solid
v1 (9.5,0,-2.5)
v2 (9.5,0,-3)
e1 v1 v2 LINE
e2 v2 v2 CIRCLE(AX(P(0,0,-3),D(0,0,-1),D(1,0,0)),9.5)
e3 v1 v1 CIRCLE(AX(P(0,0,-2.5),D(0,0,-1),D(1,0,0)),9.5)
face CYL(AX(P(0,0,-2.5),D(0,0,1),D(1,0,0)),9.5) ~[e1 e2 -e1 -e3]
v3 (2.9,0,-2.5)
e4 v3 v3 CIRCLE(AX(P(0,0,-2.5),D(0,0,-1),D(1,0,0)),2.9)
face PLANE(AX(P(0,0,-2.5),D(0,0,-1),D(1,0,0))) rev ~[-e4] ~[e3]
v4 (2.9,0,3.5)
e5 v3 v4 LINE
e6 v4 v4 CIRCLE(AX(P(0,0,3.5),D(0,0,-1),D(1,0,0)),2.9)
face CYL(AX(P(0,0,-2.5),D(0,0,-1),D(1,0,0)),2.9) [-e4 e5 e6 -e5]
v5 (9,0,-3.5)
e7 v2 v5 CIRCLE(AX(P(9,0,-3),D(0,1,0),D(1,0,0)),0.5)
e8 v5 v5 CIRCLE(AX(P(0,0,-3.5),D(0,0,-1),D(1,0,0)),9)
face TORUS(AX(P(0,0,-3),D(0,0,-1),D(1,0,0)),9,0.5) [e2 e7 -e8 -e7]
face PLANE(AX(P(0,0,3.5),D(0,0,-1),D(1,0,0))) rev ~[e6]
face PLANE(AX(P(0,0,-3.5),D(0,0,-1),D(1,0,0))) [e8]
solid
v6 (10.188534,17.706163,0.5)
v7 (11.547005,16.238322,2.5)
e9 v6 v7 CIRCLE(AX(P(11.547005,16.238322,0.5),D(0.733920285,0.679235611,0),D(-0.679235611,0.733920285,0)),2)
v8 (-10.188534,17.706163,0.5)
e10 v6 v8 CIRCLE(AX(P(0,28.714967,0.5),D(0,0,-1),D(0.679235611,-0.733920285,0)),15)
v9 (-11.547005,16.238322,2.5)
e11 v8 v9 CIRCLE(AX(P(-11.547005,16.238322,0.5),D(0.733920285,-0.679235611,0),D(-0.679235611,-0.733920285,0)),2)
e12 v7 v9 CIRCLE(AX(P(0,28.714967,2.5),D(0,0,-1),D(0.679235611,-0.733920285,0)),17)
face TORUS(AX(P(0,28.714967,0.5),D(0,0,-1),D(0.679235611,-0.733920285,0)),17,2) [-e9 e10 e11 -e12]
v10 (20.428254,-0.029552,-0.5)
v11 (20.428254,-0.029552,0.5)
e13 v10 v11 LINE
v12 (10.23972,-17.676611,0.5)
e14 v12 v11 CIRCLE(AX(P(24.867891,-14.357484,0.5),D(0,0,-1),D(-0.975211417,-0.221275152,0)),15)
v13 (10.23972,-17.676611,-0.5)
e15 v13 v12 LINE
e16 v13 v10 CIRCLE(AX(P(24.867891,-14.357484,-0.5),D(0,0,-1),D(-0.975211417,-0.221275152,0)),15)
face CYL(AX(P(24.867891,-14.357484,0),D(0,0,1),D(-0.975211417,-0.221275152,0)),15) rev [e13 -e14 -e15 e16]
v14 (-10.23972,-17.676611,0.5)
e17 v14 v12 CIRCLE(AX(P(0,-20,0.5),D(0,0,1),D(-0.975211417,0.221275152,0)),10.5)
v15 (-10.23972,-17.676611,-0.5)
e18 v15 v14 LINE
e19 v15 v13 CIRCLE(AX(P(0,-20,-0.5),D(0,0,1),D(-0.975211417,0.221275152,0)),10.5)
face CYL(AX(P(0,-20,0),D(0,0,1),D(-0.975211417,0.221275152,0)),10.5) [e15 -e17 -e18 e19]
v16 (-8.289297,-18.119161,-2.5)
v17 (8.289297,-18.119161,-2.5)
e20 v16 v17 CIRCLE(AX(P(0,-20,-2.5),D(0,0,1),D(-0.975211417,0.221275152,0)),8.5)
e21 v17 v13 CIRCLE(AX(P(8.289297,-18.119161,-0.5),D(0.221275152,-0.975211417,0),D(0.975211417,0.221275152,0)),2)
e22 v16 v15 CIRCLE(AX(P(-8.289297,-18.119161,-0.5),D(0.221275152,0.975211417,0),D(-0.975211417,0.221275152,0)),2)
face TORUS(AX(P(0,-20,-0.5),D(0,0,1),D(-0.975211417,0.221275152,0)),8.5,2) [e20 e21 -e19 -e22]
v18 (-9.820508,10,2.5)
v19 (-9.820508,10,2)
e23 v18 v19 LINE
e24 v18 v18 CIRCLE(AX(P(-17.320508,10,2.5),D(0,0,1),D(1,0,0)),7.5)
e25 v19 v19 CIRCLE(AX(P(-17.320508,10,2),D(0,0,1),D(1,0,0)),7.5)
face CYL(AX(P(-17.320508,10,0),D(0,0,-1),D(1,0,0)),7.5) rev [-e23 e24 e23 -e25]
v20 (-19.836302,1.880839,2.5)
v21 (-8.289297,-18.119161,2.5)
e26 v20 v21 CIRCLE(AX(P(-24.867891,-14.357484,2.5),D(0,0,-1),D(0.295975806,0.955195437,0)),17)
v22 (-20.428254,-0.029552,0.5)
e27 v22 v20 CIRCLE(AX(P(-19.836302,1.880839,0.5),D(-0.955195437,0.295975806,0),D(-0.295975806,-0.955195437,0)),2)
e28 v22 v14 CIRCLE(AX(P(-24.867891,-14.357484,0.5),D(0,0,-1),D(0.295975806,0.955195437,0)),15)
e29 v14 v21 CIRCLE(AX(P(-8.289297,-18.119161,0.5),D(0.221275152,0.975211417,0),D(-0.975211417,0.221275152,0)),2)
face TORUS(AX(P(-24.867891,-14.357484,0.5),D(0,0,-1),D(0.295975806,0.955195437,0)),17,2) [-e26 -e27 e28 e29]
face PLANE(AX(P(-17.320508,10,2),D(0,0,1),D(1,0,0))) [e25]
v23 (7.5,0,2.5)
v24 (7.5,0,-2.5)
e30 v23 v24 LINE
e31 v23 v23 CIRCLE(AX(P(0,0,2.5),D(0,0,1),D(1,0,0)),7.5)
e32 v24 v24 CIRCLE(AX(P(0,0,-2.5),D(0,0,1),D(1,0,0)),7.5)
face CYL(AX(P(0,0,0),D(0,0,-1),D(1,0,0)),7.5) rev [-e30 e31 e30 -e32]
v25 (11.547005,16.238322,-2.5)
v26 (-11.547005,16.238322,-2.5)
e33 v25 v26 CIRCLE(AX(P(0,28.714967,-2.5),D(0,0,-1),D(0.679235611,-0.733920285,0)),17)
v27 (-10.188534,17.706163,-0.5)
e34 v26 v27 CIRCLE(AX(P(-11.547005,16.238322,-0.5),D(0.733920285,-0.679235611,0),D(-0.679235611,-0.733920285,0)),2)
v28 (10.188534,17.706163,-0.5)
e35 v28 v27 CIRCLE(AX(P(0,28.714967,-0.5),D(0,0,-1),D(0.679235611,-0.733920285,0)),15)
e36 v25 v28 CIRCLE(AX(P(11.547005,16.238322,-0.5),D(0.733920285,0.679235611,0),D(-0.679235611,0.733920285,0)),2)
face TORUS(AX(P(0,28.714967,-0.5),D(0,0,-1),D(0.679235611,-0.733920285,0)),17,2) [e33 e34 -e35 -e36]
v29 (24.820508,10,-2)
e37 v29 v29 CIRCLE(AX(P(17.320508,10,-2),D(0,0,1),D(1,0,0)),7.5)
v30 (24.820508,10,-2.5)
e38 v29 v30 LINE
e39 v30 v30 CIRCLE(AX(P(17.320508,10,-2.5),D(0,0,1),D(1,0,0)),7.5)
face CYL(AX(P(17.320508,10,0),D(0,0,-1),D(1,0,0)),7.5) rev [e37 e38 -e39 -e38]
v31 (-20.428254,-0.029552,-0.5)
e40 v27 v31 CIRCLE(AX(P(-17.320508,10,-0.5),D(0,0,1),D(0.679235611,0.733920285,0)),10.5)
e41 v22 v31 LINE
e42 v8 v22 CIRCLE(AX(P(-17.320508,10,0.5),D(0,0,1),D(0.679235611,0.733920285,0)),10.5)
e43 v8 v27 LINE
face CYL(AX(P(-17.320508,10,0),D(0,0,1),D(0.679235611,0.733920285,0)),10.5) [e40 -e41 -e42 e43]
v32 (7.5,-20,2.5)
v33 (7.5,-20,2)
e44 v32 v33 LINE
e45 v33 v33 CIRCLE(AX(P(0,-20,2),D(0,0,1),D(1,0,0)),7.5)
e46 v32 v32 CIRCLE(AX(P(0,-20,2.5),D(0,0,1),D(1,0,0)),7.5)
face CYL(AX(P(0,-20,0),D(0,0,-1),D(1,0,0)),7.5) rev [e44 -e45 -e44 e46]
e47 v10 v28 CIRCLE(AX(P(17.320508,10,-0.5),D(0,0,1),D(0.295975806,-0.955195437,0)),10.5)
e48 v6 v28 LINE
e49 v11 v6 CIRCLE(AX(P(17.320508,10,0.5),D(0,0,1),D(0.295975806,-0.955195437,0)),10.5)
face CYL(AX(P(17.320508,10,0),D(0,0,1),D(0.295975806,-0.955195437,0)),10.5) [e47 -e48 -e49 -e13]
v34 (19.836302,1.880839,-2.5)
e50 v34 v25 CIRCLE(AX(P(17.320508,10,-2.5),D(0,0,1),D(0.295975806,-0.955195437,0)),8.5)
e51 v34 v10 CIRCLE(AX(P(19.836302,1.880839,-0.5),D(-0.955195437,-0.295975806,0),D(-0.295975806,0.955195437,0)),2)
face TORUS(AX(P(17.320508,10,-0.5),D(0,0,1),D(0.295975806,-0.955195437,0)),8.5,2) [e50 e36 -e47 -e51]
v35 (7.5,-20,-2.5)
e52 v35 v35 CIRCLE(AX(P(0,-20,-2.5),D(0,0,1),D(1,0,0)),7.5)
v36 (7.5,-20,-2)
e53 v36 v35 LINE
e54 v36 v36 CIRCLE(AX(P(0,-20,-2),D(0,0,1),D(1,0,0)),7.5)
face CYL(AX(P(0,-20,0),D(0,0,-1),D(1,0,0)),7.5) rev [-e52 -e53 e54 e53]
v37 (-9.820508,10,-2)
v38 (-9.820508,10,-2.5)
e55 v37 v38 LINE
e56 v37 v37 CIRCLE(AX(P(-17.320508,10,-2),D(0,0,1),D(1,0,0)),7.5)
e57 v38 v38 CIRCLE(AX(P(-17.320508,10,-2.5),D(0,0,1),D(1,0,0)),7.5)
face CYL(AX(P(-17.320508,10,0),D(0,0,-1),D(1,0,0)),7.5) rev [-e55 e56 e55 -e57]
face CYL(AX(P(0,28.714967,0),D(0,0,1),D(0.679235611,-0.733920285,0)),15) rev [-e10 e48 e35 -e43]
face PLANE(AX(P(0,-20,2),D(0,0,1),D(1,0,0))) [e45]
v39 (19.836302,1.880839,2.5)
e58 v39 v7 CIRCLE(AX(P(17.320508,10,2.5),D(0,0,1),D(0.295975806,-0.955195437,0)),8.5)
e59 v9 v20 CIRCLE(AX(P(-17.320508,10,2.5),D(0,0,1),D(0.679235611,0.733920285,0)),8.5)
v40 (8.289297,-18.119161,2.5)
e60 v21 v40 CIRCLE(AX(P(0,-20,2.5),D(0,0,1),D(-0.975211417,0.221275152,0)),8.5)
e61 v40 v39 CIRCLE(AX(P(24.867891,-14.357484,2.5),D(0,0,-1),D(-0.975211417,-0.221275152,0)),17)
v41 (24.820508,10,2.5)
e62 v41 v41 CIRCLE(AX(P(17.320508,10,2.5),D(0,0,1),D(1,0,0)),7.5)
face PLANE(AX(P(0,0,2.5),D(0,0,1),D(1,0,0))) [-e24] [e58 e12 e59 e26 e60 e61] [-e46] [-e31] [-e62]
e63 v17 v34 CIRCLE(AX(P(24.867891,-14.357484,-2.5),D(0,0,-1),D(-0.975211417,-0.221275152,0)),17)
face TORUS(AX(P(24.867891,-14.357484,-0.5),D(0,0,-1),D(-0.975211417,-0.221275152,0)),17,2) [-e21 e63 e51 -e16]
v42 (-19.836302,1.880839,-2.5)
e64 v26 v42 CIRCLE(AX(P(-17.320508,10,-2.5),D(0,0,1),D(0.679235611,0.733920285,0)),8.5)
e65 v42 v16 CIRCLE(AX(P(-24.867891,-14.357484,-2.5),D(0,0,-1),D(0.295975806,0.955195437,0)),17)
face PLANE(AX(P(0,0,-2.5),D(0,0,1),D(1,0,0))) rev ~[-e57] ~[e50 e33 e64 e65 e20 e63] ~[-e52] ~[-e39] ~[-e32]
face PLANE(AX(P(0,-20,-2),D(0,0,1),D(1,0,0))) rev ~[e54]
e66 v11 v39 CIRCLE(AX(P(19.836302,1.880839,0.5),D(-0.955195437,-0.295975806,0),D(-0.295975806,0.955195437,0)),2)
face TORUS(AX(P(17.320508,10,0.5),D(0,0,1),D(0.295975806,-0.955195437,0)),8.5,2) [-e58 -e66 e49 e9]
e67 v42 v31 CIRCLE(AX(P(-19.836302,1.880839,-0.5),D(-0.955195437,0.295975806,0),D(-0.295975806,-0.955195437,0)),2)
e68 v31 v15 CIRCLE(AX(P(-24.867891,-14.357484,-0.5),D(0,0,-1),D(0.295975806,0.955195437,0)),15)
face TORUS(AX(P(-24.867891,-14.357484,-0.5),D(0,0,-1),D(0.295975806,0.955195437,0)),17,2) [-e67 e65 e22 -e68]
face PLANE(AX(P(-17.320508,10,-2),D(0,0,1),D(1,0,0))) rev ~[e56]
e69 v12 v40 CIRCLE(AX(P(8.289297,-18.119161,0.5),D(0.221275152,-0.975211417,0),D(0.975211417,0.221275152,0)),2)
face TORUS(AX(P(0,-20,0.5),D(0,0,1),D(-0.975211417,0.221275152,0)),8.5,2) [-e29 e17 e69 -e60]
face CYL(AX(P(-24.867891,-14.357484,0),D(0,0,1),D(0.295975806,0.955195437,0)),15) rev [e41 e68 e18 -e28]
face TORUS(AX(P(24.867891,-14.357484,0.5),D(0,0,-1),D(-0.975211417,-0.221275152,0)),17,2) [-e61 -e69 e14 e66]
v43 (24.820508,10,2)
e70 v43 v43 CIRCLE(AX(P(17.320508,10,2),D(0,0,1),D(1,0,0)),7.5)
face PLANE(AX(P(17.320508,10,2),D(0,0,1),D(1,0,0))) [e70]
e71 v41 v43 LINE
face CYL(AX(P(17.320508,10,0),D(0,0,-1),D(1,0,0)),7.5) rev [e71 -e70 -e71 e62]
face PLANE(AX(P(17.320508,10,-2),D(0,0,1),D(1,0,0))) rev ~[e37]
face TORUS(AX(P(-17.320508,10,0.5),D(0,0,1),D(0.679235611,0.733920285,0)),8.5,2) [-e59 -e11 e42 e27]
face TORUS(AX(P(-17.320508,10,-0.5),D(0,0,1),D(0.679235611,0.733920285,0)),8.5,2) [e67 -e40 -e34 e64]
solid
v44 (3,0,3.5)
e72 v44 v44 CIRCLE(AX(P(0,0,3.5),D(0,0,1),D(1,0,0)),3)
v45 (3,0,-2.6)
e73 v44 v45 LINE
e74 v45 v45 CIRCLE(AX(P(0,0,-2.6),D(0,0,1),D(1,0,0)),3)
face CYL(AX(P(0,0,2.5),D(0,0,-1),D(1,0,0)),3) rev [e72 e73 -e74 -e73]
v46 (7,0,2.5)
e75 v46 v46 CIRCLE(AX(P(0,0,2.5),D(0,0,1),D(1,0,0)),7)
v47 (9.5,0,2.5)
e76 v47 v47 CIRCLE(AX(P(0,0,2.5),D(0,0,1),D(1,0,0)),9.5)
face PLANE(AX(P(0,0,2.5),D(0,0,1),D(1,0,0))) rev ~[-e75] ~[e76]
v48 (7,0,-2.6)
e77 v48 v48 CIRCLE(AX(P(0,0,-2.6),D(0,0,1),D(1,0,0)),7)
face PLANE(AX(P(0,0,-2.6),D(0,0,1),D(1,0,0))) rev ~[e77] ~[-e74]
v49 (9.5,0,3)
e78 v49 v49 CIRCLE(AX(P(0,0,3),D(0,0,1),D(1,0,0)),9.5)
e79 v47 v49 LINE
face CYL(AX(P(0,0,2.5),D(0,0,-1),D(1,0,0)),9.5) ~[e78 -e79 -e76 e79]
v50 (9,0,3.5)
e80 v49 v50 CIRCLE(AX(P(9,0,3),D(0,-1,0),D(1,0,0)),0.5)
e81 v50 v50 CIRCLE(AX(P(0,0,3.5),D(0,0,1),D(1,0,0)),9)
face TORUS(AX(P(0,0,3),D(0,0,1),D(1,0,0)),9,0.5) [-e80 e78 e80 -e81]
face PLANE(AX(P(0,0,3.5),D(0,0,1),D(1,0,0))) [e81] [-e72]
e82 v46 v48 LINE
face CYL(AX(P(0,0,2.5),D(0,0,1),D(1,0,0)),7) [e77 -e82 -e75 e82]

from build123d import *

# Parameters (mm, degrees)
F0_R     = 7.5
F1_DEPTH = 2.5
F2_DEPTH = 2
F3_R     = 7
F3_R_2   = 3
F4_DEPTH = 5.1
F3_R_3   = 9.5
F3_R_4   = 7.5
F5_DEPTH = 1
F6_R     = 2.9
F7_DEPTH = 6
F6_R_2   = 9.5
F8_DEPTH = 1
F9_R     = 2
F10_R    = 0.5
F10_2_R  = 0.5


with BuildPart() as f1:
    # F0 (on Top) → F1 (new body, symmetric)
    with BuildSketch(Plane.XY):
        with BuildLine():
            ThreePointArc((-20.4282540378, -0.0295520855), (-11.8775100698, -6.8574836361), (-10.2397198756, -17.676610909))
            ThreePointArc((-10.2397198756, -17.676610909), (0, -30.5), (10.2397198756, -17.676610909))
            ThreePointArc((10.2397198756, -17.676610909), (11.8775100698, -6.8574836361), (20.4282540378, -0.0295520855))
            ThreePointArc((20.4282540378, -0.0295520855), (26.4137748154, 15.25), (10.1885341622, 17.7061629944))
            ThreePointArc((10.1885341622, 17.7061629944), (0, 13.7149672722), (-10.1885341622, 17.7061629944))
            ThreePointArc((-10.1885341622, 17.7061629944), (-26.4137748154, 15.25), (-20.4282540378, -0.0295520855))
        make_face()
        with Locations((0, -20)):
            Circle(F0_R, mode=Mode.SUBTRACT)
        Circle(F0_R, mode=Mode.SUBTRACT)
        with Locations((-17.3205080757, 10)):
            Circle(F0_R, mode=Mode.SUBTRACT)
        with Locations((17.3205080757, 10)):
            Circle(F0_R, mode=Mode.SUBTRACT)
    extrude(amount=F1_DEPTH, both=True)

    # F0 (on Top) → F2 (join, symmetric)
    with BuildSketch(Plane.XY):
        with Locations((-17.3205080757, 10)):
            Circle(F0_R)
        with Locations((0, -20)):
            Circle(F0_R)
        with Locations((17.3205080757, 10)):
            Circle(F0_R)
    extrude(amount=F2_DEPTH, both=True)

    # F9
    f9_edges = [f1.edges().sort_by_distance(p)[0] for p in [
        (0, -30.5, 2.5),
        (0, -30.5, -2.5),
    ]]
    fillet(f9_edges, radius=F9_R)


with BuildPart() as f4:
    # F3 (on face) → F4 (new body)
    with BuildSketch(Plane.XY.offset(2.5)):
        Circle(F3_R)
        Circle(F3_R_2, mode=Mode.SUBTRACT)
    extrude(amount=-F4_DEPTH)

    # F3 (on face) → F5 (join)
    with BuildSketch(Plane.XY.offset(2.5)):
        Circle(F3_R_3)
        Circle(F3_R_4, mode=Mode.SUBTRACT)
        Circle(F3_R_4)
        Circle(F3_R, mode=Mode.SUBTRACT)
        Circle(F3_R)
        Circle(F3_R_2, mode=Mode.SUBTRACT)
    extrude(amount=F5_DEPTH)

    # F10#2
    f10_2_edges = [f4.edges().sort_by_distance(p)[0] for p in [
        (-9.5, 0, 3.5),
    ]]
    fillet(f10_2_edges, radius=F10_2_R)


with BuildPart() as f7:
    # F6 (on face) → F7 (new body, through all)
    with BuildSketch(Plane(origin=(0, 0, -2.5), x_dir=(1, 0, 0), z_dir=(0, 0, -1))):
        Circle(F6_R)
    extrude(amount=-F7_DEPTH)

    # F6 (on face) → F8 (join)
    with BuildSketch(Plane(origin=(0, 0, -2.5), x_dir=(1, 0, 0), z_dir=(0, 0, -1))):
        Circle(F6_R_2)
        Circle(F6_R, mode=Mode.SUBTRACT)
        Circle(F6_R)
    extrude(amount=F8_DEPTH)

    # F10
    f10_edges = [f7.edges().sort_by_distance(p)[0] for p in [
        (-9.5, 0, -3.5),
    ]]
    fillet(f10_edges, radius=F10_R)


solid = Compound([f1.part, f4.part, f7.part])
